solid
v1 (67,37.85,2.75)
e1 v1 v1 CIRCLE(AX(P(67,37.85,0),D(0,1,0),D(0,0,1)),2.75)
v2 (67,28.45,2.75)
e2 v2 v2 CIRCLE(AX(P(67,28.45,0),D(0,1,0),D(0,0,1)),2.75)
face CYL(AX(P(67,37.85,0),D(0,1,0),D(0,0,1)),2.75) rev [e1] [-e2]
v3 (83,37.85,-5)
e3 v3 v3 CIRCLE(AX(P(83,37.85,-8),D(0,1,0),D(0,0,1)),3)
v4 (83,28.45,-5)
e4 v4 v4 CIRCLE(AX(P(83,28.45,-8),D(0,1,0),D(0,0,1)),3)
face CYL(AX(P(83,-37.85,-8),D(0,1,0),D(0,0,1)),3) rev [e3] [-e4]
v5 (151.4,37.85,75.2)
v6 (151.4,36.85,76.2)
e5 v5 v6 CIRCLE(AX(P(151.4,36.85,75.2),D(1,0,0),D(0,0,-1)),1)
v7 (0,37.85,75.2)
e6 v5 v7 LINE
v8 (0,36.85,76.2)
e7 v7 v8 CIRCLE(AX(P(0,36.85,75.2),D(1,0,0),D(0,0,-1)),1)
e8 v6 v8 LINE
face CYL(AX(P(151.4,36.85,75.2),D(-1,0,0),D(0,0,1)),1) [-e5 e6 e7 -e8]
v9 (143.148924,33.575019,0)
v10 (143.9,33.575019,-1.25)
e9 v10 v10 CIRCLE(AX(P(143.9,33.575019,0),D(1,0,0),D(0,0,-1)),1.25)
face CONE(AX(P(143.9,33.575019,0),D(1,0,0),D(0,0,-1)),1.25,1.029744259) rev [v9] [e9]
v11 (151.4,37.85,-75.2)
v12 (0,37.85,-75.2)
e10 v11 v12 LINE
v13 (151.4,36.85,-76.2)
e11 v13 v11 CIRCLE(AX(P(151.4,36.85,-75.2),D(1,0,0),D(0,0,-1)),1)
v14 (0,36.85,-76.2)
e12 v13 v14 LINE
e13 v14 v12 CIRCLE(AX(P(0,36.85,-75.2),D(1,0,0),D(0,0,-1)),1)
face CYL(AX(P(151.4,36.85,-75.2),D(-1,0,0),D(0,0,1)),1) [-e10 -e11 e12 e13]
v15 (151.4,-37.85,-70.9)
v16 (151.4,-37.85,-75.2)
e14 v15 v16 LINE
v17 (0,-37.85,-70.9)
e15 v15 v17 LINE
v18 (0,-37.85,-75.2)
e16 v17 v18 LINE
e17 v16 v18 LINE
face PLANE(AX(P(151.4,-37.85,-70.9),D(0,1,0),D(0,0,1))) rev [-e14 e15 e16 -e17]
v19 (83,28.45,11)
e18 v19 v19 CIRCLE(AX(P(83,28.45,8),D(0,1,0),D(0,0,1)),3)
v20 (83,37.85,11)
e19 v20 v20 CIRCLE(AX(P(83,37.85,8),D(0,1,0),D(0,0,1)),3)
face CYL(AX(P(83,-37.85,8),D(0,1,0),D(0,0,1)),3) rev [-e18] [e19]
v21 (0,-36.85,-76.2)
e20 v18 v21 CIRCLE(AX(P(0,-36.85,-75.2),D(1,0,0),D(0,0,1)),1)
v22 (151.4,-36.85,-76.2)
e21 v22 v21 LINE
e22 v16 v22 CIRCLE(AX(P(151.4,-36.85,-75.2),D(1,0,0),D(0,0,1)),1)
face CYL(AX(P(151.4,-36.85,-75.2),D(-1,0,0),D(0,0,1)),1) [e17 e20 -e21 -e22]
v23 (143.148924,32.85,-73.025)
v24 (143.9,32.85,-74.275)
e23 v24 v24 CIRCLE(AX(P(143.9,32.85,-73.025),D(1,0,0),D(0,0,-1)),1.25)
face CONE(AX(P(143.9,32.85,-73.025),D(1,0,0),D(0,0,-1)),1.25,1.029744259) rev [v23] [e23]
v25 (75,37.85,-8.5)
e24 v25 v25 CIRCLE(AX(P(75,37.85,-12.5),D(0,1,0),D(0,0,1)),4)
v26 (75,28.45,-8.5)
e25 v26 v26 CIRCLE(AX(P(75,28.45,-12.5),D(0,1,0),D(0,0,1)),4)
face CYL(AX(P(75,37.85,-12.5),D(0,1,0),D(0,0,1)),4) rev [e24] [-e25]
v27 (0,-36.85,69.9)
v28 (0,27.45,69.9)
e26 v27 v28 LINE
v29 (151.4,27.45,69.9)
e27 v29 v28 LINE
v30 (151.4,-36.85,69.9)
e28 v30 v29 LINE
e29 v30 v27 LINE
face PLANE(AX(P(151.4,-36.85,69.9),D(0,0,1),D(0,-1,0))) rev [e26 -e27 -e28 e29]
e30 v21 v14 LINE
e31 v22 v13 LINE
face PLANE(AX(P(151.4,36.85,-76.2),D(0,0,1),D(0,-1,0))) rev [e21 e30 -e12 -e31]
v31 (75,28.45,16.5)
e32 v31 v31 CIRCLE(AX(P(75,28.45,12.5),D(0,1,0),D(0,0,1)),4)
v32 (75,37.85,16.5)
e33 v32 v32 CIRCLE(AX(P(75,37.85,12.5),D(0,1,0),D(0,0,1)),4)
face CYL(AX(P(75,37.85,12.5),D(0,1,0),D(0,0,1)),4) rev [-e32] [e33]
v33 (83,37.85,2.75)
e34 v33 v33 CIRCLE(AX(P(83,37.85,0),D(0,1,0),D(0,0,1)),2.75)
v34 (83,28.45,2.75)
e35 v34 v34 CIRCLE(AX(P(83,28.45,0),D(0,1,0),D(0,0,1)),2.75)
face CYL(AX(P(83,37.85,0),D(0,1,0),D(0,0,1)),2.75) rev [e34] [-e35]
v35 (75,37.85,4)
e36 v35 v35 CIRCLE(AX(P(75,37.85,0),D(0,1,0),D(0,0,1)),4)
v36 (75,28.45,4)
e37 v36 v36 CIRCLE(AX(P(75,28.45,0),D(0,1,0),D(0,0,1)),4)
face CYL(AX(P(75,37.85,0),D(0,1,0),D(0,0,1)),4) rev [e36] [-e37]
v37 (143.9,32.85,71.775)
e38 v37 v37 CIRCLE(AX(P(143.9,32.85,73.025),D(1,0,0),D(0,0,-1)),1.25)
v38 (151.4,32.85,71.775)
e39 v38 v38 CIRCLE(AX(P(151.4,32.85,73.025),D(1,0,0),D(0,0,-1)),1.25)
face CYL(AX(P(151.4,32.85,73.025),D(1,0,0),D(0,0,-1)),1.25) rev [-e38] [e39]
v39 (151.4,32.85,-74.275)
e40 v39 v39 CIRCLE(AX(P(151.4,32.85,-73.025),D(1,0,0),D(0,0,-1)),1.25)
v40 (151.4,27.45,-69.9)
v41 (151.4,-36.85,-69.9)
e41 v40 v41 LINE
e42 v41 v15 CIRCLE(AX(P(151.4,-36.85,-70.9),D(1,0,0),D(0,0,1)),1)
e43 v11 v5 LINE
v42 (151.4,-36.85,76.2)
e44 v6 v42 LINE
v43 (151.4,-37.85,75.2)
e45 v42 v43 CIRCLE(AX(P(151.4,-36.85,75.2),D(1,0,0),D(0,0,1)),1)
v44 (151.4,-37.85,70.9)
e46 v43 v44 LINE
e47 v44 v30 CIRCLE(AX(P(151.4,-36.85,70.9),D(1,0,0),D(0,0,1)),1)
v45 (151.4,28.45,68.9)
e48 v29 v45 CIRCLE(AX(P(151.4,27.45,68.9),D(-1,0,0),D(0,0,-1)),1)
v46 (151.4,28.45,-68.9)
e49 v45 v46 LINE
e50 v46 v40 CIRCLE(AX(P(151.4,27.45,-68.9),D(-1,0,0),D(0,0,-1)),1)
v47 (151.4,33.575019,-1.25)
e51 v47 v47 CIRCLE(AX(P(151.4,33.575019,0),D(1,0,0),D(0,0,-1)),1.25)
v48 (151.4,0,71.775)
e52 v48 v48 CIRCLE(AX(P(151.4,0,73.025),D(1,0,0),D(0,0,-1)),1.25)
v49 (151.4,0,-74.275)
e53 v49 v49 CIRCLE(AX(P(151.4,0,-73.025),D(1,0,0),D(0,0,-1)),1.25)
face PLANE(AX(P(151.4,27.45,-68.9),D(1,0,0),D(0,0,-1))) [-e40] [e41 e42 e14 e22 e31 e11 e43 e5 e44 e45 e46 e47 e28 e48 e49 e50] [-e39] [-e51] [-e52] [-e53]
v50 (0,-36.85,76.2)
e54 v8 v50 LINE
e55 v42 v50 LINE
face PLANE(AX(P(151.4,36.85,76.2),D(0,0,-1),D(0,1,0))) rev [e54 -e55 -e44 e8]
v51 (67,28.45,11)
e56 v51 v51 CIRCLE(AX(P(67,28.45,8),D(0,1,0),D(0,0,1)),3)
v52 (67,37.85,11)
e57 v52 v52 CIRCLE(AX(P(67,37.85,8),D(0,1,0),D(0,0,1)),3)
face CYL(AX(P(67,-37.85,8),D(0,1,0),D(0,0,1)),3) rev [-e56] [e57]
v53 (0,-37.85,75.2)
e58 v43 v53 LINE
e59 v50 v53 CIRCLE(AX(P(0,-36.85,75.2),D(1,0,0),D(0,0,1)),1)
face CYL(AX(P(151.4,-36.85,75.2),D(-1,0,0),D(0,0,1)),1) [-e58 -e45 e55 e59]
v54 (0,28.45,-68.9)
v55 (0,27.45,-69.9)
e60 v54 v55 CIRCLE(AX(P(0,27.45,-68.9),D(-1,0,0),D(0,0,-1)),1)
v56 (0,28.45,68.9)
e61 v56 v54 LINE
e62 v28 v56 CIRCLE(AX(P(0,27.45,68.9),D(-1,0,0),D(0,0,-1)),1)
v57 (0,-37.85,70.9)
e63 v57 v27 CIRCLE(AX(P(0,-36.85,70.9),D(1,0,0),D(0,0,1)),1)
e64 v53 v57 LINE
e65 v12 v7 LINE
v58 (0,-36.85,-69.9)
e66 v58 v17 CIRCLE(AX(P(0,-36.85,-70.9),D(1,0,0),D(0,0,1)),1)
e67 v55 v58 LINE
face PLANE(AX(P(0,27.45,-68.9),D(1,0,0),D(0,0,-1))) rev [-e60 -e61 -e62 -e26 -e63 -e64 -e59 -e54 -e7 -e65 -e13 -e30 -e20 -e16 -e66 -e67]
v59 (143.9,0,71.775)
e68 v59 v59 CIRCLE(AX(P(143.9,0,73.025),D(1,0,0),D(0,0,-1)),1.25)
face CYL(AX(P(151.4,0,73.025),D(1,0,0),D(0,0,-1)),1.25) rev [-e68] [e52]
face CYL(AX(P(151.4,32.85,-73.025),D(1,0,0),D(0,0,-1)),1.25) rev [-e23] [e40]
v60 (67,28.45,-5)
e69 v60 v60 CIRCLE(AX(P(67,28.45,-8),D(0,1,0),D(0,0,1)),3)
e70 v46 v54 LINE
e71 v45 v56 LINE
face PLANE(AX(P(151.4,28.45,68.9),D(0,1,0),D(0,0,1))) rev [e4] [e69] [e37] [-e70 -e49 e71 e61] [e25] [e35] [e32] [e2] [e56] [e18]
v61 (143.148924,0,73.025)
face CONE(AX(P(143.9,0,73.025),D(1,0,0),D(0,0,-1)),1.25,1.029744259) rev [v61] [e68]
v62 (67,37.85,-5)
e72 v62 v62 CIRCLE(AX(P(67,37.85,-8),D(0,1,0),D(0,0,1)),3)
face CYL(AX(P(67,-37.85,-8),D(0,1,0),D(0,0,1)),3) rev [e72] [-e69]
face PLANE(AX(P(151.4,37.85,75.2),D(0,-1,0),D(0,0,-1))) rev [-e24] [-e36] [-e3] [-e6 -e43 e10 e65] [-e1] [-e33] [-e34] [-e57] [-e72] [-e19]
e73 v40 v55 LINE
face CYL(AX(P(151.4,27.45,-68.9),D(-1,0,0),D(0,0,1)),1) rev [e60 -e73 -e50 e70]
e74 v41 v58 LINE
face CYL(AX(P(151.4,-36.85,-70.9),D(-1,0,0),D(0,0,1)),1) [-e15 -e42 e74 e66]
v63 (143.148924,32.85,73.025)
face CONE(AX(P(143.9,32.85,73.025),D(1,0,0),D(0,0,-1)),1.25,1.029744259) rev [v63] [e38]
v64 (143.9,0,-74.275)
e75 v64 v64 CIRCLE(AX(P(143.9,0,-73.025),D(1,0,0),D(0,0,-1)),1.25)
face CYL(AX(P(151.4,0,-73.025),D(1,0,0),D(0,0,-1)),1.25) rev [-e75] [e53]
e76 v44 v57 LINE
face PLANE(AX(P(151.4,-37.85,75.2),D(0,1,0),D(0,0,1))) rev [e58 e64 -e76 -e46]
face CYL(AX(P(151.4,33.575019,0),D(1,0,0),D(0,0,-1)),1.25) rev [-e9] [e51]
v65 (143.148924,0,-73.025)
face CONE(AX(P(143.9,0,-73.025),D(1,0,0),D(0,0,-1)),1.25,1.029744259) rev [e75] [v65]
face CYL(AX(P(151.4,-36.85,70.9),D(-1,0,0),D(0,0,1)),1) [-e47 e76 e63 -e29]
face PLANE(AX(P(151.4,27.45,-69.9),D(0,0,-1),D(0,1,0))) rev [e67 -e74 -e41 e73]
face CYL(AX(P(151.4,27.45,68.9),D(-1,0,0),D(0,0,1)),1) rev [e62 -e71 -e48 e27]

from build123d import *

# Parameters (mm, degrees)
BOSS_EXTRUDE1_DEPTH        = 151.4
F_12_0_12_DIAMETER_HOLE1_D = 8
F_10_0_10_DIAMETER_HOLE1_D = 8
M3_TAPPED_HOLE1_D          = 2.5
M3_TAPPED_HOLE1_DEPTH      = 7.5
M3_TAPPED_HOLE1_TIP        = 0.751075774
M5_CLEARANCE_HOLE1_D       = 5.5
SKETCH19_R                 = 3
CUT_EXTRUDE3_DEPTH         = 186.631058824


with BuildPart() as part:
    # Sketch1 → Boss-Extrude1 (new body)
    with BuildSketch(Plane(origin=(0, 0, 0), x_dir=(0, 0, -1), z_dir=(1, 0, 0))):
        with BuildLine():
            Line((-69.9, -36.85), (-69.9, 27.45))
            ThreePointArc((-69.9, 27.45), (-69.607106781, 28.157106781), (-68.9, 28.45))
            Line((-68.9, 28.45), (68.9, 28.45))
            ThreePointArc((68.9, 28.45), (69.607106781, 28.157106781), (69.9, 27.45))
            Line((69.9, 27.45), (69.9, -36.85))
            ThreePointArc((69.9, -36.85), (70.192893219, -37.557106781), (70.9, -37.85))
            Line((70.9, -37.85), (75.2, -37.85))
            ThreePointArc((75.2, -37.85), (75.907106781, -37.557106781), (76.2, -36.85))
            Line((76.2, -36.85), (76.2, 36.85))
            ThreePointArc((76.2, 36.85), (75.907106781, 37.557106781), (75.2, 37.85))
            Line((75.2, 37.85), (-75.2, 37.85))
            ThreePointArc((-75.2, 37.85), (-75.907106781, 37.557106781), (-76.2, 36.85))
            Line((-76.2, 36.85), (-76.2, -36.85))
            ThreePointArc((-76.2, -36.85), (-75.907106781, -37.557106781), (-75.2, -37.85))
            Line((-75.2, -37.85), (-70.9, -37.85))
            ThreePointArc((-70.9, -37.85), (-70.192893219, -37.557106781), (-69.9, -36.85))
        make_face()
    extrude(amount=BOSS_EXTRUDE1_DEPTH)

    # Ø12.0 (12) Diameter Hole1 (through all)
    with Locations(Plane(origin=(0, 37.85, 0), x_dir=(1, 0, 0), z_dir=(0, 1, 0))):
        with Locations((75, 0)):
            Hole(F_12_0_12_DIAMETER_HOLE1_D / 2)

    # Ø10.0 (10) Diameter Hole1 (through all)
    with Locations(Plane(origin=(0, 37.85, 0), x_dir=(1, 0, 0), z_dir=(0, 1, 0))):
        with Locations((75, -12.5), (75, 0), (75, 12.5)):
            Hole(F_10_0_10_DIAMETER_HOLE1_D / 2)

    # M3 Tapped Hole1
    with Locations(Plane(origin=(151.4, 0, 0), x_dir=(0, 0, -1), z_dir=(1, 0, 0))):
        with Locations((-73.025, 0), (-73.025, 32.85), (0, 33.575019096), (73.025, 0), (73.025, 32.85)):
            Hole(M3_TAPPED_HOLE1_D / 2, depth=M3_TAPPED_HOLE1_DEPTH)
            with Locations((0, 0, -(M3_TAPPED_HOLE1_DEPTH + M3_TAPPED_HOLE1_TIP / 2))):  # 118° drill point
                Cone(0, M3_TAPPED_HOLE1_D / 2, M3_TAPPED_HOLE1_TIP, mode=Mode.SUBTRACT)

    # M5 Clearance Hole1 (through all)
    with Locations(Plane(origin=(0, 37.85, 0), x_dir=(1, 0, 0), z_dir=(0, 1, 0))):
        with Locations((83, 0), (67, 0)):
            Hole(M5_CLEARANCE_HOLE1_D / 2)

    # Sketch19 → Cut-Extrude3 (cut, through all)
    with BuildSketch(Plane(origin=(0, 37.85, 0), x_dir=(1, 0, 0), z_dir=(0, 1, 0))):
        with Locations(Location((67, 8, 0), (0, 0, 270))):
            Circle(SKETCH19_R)
        with Locations(Location((83, 8, 0), (0, 0, 270))):
            Circle(SKETCH19_R)
        with Locations(Location((83, -8, 0), (0, 0, 270))):
            Circle(SKETCH19_R)
        with Locations(Location((67, -8, 0), (0, 0, 270))):
            Circle(SKETCH19_R)
    extrude(amount=-CUT_EXTRUDE3_DEPTH, mode=Mode.SUBTRACT)


solid = part.part
